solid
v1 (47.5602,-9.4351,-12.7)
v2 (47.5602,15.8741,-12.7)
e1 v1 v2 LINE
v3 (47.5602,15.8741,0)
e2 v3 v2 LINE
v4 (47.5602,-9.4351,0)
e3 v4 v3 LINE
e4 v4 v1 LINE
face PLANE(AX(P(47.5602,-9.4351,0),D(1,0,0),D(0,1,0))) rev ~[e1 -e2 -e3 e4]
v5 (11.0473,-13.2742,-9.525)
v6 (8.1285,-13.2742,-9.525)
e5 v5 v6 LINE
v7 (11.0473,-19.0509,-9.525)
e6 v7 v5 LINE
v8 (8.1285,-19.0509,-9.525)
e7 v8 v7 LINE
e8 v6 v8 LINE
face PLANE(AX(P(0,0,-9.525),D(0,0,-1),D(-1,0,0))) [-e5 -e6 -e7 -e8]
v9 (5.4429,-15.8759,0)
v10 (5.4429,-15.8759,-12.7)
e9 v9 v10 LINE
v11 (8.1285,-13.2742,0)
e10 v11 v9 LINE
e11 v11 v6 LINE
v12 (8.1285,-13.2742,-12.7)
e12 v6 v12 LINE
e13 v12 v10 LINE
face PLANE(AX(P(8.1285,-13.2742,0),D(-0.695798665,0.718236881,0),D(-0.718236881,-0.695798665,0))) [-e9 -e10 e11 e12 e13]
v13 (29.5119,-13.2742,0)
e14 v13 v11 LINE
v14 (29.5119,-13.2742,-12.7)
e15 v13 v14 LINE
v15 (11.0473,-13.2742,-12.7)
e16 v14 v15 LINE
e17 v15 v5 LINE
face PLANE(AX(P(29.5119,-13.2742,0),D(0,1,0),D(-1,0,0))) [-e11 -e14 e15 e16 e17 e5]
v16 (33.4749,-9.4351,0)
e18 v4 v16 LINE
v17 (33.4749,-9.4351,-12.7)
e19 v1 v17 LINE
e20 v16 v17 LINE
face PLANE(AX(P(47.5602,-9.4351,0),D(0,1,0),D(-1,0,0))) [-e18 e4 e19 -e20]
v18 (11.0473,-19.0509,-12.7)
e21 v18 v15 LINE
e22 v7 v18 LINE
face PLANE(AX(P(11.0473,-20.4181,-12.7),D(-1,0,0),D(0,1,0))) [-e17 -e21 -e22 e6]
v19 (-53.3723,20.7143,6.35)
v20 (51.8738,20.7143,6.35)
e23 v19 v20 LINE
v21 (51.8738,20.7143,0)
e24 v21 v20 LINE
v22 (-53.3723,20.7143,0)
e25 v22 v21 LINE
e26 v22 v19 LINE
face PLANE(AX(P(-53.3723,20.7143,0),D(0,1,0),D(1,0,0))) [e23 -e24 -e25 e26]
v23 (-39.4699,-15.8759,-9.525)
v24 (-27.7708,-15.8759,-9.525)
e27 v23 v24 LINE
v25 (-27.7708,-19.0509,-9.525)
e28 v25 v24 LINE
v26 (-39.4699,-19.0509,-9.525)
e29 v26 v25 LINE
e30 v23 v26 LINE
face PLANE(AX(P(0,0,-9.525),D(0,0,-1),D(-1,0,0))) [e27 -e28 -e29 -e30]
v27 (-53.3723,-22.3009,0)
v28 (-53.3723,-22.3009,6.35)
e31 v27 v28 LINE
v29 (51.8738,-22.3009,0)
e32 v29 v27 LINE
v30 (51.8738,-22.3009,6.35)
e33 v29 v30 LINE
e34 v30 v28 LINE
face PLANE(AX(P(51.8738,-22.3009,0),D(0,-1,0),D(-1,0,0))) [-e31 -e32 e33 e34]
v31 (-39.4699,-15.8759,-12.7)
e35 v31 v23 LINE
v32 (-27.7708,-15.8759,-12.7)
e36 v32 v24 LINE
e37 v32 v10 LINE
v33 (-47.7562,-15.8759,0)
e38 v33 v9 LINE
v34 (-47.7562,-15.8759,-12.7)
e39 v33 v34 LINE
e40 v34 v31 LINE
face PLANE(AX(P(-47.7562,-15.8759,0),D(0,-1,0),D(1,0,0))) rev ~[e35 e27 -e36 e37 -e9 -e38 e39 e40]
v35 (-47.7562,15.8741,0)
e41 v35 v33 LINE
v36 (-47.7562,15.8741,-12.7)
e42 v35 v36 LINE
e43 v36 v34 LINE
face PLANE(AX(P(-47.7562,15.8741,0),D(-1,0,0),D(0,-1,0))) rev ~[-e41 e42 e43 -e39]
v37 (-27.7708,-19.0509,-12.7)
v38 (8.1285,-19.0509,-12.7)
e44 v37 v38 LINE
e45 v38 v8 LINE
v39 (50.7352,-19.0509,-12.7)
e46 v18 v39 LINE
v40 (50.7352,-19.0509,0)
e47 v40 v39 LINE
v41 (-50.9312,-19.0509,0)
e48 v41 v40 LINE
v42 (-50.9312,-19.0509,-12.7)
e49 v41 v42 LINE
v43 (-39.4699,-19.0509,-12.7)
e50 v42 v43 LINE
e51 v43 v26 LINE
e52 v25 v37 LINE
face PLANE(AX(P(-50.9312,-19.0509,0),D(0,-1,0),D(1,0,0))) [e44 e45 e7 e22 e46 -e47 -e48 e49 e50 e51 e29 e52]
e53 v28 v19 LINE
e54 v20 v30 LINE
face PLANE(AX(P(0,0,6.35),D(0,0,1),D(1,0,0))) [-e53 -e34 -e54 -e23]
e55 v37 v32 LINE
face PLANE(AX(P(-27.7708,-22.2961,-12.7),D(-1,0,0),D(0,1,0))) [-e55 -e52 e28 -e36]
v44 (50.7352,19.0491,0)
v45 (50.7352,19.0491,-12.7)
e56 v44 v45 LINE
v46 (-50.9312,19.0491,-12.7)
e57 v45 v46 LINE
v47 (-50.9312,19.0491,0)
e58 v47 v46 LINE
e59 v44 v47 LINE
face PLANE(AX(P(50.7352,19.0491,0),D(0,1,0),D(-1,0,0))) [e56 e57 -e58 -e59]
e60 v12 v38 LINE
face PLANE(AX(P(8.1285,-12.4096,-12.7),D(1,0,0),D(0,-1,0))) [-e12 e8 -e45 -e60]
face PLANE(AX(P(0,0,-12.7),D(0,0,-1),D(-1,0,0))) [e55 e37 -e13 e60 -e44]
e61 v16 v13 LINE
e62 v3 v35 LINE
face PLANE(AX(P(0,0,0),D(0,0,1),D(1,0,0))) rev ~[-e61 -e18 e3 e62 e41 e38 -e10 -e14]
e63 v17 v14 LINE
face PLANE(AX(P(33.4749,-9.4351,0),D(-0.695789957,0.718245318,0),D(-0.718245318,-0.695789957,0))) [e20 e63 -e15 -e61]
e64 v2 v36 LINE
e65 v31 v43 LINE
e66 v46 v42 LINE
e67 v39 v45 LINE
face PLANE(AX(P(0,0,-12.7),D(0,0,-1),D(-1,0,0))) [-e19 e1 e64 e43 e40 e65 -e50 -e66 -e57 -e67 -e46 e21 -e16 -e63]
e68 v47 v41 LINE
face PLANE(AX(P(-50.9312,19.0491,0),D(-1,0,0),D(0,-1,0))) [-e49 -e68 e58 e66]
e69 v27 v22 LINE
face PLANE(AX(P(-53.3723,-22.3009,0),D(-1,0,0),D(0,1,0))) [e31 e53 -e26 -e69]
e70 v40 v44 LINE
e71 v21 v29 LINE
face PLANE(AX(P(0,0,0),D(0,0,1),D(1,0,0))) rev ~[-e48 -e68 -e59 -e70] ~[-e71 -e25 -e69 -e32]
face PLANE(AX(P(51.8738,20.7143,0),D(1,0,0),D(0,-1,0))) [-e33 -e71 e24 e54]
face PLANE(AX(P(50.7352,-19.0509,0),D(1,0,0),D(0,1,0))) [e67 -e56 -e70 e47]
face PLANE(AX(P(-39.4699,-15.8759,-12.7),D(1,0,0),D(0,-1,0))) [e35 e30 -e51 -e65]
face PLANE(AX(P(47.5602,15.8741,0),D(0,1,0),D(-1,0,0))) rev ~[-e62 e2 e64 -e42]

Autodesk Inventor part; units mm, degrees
ref_plane "YZ Plane" through (0, 0, 0) normal (1, 0, 0) x (0, 1, 0)
ref_plane "XZ Plane" through (0, 0, 0) normal (0, 1, 0) x (-1, 0, 0)
ref_plane "XY Plane" through (0, 0, 0) normal (0, 0, 1) x (1, 0, 0)
sketch "Sketch1" plane through (0, 0, 0) normal (0, 0, 1) x (1, 0, 0)
  line L0 (-53.3723, 20.7143) -> (51.8738, 20.7143)
  line L1 (51.8738, 20.7143) -> (51.8738, -22.3009)
  line L2 (51.8738, -22.3009) -> (-53.3723, -22.3009)
  line L3 (-53.3723, -22.3009) -> (-53.3723, 20.7143)
  point P0 (0, 0)
extrude "Extrusion1" add sketch "Sketch1" along normal blind 6.35
sketch "Sketch2" plane through (0, 0, 0) normal (0, 0, -1) x (-1, 0, 0)
  line L0 (-51.8738, 20.7143) -> (53.3723, 20.7143)
  line L1 (53.3723, 20.7143) -> (53.3723, -22.3009)
  line L2 (53.3723, -22.3009) -> (-51.8738, -22.3009)
  line L3 (-51.8738, -22.3009) -> (-51.8738, 20.7143)
  line L4 (-47.5602, 15.8741) -> (47.7562, 15.8741)
  line L5 (47.7562, 15.8741) -> (47.7562, -15.8759)
  line L6 (47.7562, -15.8759) -> (-47.5602, -15.8759)
  line L7 (-47.5602, -15.8759) -> (-47.5602, 15.8741)
  line L8 (-50.7352, 19.0491) -> (50.9312, 19.0491)
  line L9 (50.9312, 19.0491) -> (50.9312, -19.0509)
  line L10 (50.9312, -19.0509) -> (-50.7352, -19.0509)
  line L11 (-50.7352, -19.0509) -> (-50.7352, 19.0491)
  line L12 (53.3723, -22.3009) -> (53.3723, 20.7143) projected
  line L13 (-47.5602, -9.4351) -> (-33.4749, -9.4351)
  line L14 (-33.4749, -9.4351) -> (-29.5119, -13.2742)
  line L15 (-29.5119, -13.2742) -> (-8.1285, -13.2742)
  line L16 (-8.1285, -13.2742) -> (-5.4429, -15.8759)
  point P0 (0, 0)
  dimension "d6" = 3.175
  dimension "d7" = 3.175
  dimension "d8" = 31.75
  dimension "d9" = 3.175
  dimension "d10" = 3.175
extrude "Extrusion2" add sketch "Sketch2" along normal blind 12.7 contours L13 L14 L15 L16 L6 L7 | L8 L9 L10 L11
sketch "Sketch4" plane through (0, 0, -12.7) normal (0, 0, -1) x (-1, 0, 0)
  line L0 (47.7562, -15.8759) -> (-5.4429, -15.8759) projected
  line L1 (27.7708, -15.8759) -> (39.4699, -15.8759)
  line L2 (39.4699, -15.8759) -> (39.4699, -22.2961)
  line L3 (39.4699, -22.2961) -> (27.7708, -22.2961)
  line L4 (27.7708, -22.2961) -> (27.7708, -15.8759)
  line L5 (-11.0473, -12.4096) -> (-8.1285, -12.4096)
  line L6 (-8.1285, -12.4096) -> (-8.1285, -20.4181)
  line L7 (-8.1285, -20.4181) -> (-11.0473, -20.4181)
  line L8 (-11.0473, -20.4181) -> (-11.0473, -12.4096)
  point P0 (-47.5602, -15.8759)
  point P1 (0, 0)
extrude "Extrusion4" cut sketch "Sketch4" against normal blind 3.175
properties part number "NoiseSourceWell"
